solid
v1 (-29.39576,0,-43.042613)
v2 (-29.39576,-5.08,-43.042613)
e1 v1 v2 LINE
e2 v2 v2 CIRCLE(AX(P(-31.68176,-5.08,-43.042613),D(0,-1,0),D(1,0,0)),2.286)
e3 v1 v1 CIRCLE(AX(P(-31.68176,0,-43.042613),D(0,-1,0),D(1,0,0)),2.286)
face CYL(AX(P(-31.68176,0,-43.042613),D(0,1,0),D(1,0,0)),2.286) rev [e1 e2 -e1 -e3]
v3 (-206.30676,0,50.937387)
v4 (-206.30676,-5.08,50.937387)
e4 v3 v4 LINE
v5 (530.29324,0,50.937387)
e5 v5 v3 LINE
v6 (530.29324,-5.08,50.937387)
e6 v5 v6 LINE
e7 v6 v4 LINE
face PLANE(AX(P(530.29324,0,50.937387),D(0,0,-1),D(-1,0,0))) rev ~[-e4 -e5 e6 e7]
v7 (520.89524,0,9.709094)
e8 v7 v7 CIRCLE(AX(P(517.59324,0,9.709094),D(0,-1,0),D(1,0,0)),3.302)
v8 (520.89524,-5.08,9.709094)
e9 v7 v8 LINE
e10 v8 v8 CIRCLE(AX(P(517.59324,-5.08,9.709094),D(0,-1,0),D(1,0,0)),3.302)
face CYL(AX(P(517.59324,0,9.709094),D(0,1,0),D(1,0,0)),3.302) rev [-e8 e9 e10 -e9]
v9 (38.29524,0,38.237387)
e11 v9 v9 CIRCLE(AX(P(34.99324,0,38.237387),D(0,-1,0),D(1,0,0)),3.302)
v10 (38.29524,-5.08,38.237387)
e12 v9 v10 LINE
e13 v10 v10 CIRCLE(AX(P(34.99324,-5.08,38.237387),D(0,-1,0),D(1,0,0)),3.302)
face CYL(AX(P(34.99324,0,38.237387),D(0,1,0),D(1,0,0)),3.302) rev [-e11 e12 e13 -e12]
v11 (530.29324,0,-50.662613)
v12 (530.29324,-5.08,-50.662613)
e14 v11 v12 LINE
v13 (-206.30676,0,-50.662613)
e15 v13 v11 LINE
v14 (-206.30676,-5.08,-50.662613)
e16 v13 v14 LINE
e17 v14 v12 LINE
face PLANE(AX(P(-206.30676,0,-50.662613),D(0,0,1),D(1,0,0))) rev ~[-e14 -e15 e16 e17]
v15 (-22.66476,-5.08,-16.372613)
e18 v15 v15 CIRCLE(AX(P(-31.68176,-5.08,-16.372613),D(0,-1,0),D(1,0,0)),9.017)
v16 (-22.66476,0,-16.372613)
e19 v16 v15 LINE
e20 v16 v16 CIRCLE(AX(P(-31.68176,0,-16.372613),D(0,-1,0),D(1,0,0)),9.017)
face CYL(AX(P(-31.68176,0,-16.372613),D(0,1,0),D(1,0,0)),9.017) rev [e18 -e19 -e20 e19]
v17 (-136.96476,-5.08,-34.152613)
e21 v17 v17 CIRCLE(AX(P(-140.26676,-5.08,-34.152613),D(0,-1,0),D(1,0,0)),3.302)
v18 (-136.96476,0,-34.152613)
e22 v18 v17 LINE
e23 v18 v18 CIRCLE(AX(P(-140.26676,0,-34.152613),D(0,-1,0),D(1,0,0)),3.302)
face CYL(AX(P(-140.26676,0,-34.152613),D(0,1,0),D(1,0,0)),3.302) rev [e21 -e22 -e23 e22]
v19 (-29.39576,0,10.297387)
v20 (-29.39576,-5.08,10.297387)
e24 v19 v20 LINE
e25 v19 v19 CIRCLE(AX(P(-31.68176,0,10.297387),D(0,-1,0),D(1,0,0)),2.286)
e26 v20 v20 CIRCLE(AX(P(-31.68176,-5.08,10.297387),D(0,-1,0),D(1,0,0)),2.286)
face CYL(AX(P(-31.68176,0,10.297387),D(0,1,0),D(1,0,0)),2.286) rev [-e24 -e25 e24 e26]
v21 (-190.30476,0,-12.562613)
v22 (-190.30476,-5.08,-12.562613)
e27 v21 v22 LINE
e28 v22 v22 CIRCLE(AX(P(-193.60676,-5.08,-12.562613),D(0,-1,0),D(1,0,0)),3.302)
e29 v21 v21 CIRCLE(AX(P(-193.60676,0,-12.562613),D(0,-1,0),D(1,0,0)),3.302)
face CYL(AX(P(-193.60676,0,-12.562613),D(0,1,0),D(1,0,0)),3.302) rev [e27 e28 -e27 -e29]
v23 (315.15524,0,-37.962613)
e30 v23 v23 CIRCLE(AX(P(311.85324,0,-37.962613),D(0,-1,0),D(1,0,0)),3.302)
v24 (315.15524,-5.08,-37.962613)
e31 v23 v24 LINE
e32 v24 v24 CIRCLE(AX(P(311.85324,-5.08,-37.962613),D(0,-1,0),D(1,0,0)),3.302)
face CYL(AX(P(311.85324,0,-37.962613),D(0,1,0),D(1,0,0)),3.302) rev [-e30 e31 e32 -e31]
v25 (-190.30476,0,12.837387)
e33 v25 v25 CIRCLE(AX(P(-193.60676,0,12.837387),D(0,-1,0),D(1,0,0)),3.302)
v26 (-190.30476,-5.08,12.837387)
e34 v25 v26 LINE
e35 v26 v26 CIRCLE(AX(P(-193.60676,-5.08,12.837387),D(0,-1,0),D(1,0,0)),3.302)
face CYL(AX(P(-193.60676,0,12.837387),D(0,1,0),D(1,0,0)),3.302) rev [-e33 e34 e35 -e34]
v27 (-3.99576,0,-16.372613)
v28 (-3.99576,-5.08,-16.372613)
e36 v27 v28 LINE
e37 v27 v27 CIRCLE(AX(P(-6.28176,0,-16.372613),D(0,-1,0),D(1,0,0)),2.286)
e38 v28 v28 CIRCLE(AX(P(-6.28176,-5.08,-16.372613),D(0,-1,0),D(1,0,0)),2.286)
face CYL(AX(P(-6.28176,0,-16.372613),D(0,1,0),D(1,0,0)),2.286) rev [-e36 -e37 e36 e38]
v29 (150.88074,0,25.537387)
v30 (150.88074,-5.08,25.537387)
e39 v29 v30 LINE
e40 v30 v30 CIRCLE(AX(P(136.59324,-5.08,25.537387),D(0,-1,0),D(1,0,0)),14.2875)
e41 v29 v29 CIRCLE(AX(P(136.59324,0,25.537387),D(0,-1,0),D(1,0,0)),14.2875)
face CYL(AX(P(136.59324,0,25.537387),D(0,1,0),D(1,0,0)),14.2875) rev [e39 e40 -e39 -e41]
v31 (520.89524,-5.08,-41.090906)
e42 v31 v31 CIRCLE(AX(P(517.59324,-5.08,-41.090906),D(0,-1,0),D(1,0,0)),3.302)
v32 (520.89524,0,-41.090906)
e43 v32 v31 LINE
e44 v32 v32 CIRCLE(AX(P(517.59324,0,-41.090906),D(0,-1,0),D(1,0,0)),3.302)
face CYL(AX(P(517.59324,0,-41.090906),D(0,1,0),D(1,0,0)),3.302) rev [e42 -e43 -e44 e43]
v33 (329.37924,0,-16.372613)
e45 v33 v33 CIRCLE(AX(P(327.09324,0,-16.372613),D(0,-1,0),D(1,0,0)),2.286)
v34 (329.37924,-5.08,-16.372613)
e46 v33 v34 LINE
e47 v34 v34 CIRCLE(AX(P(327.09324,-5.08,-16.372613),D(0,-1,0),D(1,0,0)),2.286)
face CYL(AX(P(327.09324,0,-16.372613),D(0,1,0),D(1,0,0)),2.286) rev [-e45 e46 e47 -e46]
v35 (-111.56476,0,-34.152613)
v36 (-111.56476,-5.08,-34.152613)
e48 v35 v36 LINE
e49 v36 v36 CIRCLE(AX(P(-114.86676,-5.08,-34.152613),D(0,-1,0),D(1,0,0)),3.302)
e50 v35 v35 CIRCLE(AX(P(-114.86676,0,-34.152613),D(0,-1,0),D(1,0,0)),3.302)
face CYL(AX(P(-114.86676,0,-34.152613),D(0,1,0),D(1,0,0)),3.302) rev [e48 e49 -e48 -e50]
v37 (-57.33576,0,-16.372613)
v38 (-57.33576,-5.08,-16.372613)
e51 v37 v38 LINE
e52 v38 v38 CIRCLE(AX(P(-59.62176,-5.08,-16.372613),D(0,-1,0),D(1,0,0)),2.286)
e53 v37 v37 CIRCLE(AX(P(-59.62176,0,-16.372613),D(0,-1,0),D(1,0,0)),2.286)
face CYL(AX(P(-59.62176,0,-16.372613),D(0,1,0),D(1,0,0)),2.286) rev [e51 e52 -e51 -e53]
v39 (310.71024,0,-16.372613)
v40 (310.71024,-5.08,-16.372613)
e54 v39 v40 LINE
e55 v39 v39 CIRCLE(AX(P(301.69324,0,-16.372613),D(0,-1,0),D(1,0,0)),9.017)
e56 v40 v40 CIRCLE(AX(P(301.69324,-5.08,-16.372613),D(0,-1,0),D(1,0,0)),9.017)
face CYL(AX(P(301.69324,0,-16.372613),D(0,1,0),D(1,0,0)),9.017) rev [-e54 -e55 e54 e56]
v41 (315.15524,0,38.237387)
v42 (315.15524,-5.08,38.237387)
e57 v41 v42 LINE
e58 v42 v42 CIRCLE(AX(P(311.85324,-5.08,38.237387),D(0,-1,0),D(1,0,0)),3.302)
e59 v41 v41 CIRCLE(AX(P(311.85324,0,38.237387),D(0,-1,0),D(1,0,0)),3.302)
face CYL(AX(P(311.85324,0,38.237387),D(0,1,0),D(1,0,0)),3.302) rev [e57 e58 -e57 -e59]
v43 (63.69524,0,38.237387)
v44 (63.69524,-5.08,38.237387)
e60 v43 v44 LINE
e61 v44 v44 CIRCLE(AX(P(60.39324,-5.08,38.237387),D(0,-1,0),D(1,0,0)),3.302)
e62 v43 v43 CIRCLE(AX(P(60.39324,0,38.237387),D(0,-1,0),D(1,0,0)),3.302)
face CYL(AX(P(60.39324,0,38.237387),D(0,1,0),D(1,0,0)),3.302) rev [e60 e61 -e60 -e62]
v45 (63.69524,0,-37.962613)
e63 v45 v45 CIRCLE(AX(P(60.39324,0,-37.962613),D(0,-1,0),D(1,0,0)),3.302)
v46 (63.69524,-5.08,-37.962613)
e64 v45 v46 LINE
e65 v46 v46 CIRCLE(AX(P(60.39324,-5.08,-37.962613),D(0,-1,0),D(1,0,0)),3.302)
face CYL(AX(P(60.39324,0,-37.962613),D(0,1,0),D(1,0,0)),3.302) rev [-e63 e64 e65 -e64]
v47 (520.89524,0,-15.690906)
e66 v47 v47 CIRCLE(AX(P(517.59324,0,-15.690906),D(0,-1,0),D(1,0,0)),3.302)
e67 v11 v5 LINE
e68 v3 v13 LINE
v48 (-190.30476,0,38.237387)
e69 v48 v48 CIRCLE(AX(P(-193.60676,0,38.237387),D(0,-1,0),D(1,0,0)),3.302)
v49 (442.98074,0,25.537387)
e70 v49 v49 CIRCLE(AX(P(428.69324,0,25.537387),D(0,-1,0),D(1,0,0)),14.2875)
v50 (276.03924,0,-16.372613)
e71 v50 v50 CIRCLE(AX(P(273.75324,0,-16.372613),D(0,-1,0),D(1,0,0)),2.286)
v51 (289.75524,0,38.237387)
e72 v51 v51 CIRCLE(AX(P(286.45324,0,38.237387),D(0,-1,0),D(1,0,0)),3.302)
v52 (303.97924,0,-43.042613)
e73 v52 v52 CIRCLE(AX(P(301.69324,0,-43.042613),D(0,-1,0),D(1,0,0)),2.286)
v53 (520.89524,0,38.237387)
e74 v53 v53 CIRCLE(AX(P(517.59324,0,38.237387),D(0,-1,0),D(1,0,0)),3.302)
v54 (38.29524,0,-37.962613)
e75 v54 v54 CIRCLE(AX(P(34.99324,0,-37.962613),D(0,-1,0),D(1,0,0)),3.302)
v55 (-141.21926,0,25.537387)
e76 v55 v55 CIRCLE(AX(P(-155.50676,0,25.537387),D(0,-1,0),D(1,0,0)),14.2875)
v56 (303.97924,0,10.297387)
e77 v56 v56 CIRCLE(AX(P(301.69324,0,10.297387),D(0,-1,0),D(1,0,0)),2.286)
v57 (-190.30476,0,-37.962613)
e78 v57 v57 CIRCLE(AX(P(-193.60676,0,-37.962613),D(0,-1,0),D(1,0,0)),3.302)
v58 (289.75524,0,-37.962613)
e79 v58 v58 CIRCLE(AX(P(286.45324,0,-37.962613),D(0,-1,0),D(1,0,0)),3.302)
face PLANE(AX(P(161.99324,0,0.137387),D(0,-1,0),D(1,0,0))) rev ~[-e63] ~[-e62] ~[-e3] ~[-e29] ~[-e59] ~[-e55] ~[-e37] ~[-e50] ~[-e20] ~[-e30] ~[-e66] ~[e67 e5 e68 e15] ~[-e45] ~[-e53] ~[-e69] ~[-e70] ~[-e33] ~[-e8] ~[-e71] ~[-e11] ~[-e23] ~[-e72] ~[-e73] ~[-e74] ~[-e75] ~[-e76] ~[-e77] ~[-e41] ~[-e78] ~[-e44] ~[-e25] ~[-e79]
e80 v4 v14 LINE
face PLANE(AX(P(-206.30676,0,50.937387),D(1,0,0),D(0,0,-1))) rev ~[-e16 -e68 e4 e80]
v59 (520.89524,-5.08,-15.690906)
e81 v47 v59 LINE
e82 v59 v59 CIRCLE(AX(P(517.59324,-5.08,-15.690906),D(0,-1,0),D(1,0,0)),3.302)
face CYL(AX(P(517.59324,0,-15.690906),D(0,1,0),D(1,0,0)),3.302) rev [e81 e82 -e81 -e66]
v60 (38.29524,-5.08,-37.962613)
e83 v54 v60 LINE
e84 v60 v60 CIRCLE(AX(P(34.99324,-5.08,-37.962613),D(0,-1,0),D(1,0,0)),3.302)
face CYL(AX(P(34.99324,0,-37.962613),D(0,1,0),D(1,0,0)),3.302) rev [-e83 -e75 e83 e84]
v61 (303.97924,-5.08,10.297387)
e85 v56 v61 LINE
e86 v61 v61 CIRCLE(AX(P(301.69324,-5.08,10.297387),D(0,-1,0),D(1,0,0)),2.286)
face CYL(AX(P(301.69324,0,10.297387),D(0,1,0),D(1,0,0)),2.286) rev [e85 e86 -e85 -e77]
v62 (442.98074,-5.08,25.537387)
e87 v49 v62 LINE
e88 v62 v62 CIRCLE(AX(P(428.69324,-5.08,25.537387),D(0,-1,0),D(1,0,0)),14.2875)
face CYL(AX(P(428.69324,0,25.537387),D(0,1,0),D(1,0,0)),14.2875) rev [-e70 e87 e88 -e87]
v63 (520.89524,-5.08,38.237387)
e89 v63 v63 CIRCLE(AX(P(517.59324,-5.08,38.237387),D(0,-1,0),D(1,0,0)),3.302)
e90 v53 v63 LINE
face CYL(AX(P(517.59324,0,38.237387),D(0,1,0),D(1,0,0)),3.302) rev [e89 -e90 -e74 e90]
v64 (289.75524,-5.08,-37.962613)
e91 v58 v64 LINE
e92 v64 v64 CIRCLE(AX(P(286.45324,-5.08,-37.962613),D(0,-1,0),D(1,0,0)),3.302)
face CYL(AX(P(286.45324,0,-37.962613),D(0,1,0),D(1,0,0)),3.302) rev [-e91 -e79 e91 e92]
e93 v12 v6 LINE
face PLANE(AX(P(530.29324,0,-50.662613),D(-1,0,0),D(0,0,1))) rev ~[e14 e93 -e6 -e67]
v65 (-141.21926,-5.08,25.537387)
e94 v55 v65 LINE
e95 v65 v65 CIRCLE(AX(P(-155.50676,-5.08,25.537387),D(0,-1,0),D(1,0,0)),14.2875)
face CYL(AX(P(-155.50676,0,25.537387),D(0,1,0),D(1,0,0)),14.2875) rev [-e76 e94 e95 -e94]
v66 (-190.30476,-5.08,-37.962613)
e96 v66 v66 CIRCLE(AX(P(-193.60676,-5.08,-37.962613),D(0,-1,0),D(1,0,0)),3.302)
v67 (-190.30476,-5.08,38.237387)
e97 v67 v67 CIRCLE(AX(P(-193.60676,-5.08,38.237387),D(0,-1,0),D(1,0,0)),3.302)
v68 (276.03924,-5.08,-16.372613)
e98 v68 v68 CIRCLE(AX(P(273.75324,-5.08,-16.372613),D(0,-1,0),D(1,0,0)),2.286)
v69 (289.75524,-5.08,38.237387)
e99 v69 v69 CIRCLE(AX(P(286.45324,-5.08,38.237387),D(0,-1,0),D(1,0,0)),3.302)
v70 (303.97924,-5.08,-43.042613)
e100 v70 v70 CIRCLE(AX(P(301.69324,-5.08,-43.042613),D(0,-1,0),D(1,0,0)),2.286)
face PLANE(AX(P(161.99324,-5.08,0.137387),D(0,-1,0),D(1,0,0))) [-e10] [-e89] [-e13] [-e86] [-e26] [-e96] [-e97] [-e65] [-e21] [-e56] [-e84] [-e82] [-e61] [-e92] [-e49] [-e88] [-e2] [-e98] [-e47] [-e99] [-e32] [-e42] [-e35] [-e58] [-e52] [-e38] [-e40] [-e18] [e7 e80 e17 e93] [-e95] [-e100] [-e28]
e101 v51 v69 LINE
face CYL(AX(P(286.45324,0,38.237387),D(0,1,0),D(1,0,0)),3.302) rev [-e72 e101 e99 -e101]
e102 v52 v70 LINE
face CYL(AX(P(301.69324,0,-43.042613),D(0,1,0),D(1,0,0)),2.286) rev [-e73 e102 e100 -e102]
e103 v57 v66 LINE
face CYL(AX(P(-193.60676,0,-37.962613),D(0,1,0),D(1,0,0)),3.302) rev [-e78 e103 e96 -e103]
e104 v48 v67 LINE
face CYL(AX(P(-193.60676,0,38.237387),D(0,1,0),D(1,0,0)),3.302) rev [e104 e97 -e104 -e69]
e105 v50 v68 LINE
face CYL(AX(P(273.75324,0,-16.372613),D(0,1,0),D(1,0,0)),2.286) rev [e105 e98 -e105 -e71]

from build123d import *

# Parameters (mm, degrees)
F0_R     = 3.302
F0_R_2   = 2.286
F0_R_3   = 9.017
F0_R_4   = 14.2875
F1_DEPTH = 5.08


with BuildPart() as f1:
    # F0 (on Front) → F1 (new body)
    with BuildSketch(Plane.XZ):
        Polygon((530.29324, 50.937387), (-206.30676, 50.937387), (-206.30676, 0.137387), (-206.30676, -50.662613), (530.29324, -50.662613), align=None)
        with Locations((-193.60676, -37.962613)):
            Circle(F0_R, mode=Mode.SUBTRACT)
        with Locations((-31.68176, -43.042613)):
            Circle(F0_R_2, mode=Mode.SUBTRACT)
        with Locations((-140.26676, -34.152613)):
            Circle(F0_R, mode=Mode.SUBTRACT)
        with Locations((-114.86676, -34.152613)):
            Circle(F0_R, mode=Mode.SUBTRACT)
        with Locations((34.99324, -37.962613)):
            Circle(F0_R, mode=Mode.SUBTRACT)
        with Locations((60.39324, -37.962613)):
            Circle(F0_R, mode=Mode.SUBTRACT)
        with Locations((-193.60676, -12.562613)):
            Circle(F0_R, mode=Mode.SUBTRACT)
        with Locations((-59.62176, -16.372613)):
            Circle(F0_R_2, mode=Mode.SUBTRACT)
        with Locations((-31.68176, -16.372613)):
            Circle(F0_R_3, mode=Mode.SUBTRACT)
        with Locations((-6.28176, -16.372613)):
            Circle(F0_R_2, mode=Mode.SUBTRACT)
        with Locations((301.69324, -43.042613)):
            Circle(F0_R_2, mode=Mode.SUBTRACT)
        with Locations((286.45324, -37.962613)):
            Circle(F0_R, mode=Mode.SUBTRACT)
        with Locations((311.85324, -37.962613)):
            Circle(F0_R, mode=Mode.SUBTRACT)
        with Locations((517.59324, -41.090906)):
            Circle(F0_R, mode=Mode.SUBTRACT)
        with Locations((273.75324, -16.372613)):
            Circle(F0_R_2, mode=Mode.SUBTRACT)
        with Locations((301.69324, -16.372613)):
            Circle(F0_R_3, mode=Mode.SUBTRACT)
        with Locations((327.09324, -16.372613)):
            Circle(F0_R_2, mode=Mode.SUBTRACT)
        with Locations((517.59324, -15.690906)):
            Circle(F0_R, mode=Mode.SUBTRACT)
        with Locations((-193.60676, 12.837387)):
            Circle(F0_R, mode=Mode.SUBTRACT)
        with Locations((-31.68176, 10.297387)):
            Circle(F0_R_2, mode=Mode.SUBTRACT)
        with Locations((-155.50676, 25.537387)):
            Circle(F0_R_4, mode=Mode.SUBTRACT)
        with Locations((136.59324, 25.537387)):
            Circle(F0_R_4, mode=Mode.SUBTRACT)
        with Locations((-193.60676, 38.237387)):
            Circle(F0_R, mode=Mode.SUBTRACT)
        with Locations((34.99324, 38.237387)):
            Circle(F0_R, mode=Mode.SUBTRACT)
        with Locations((60.39324, 38.237387)):
            Circle(F0_R, mode=Mode.SUBTRACT)
        with Locations((301.69324, 10.297387)):
            Circle(F0_R_2, mode=Mode.SUBTRACT)
        with Locations((517.59324, 9.709094)):
            Circle(F0_R, mode=Mode.SUBTRACT)
        with Locations((428.69324, 25.537387)):
            Circle(F0_R_4, mode=Mode.SUBTRACT)
        with Locations((286.45324, 38.237387)):
            Circle(F0_R, mode=Mode.SUBTRACT)
        with Locations((311.85324, 38.237387)):
            Circle(F0_R, mode=Mode.SUBTRACT)
        with Locations((517.59324, 38.237387)):
            Circle(F0_R, mode=Mode.SUBTRACT)
    extrude(amount=F1_DEPTH)


solid = f1.part
